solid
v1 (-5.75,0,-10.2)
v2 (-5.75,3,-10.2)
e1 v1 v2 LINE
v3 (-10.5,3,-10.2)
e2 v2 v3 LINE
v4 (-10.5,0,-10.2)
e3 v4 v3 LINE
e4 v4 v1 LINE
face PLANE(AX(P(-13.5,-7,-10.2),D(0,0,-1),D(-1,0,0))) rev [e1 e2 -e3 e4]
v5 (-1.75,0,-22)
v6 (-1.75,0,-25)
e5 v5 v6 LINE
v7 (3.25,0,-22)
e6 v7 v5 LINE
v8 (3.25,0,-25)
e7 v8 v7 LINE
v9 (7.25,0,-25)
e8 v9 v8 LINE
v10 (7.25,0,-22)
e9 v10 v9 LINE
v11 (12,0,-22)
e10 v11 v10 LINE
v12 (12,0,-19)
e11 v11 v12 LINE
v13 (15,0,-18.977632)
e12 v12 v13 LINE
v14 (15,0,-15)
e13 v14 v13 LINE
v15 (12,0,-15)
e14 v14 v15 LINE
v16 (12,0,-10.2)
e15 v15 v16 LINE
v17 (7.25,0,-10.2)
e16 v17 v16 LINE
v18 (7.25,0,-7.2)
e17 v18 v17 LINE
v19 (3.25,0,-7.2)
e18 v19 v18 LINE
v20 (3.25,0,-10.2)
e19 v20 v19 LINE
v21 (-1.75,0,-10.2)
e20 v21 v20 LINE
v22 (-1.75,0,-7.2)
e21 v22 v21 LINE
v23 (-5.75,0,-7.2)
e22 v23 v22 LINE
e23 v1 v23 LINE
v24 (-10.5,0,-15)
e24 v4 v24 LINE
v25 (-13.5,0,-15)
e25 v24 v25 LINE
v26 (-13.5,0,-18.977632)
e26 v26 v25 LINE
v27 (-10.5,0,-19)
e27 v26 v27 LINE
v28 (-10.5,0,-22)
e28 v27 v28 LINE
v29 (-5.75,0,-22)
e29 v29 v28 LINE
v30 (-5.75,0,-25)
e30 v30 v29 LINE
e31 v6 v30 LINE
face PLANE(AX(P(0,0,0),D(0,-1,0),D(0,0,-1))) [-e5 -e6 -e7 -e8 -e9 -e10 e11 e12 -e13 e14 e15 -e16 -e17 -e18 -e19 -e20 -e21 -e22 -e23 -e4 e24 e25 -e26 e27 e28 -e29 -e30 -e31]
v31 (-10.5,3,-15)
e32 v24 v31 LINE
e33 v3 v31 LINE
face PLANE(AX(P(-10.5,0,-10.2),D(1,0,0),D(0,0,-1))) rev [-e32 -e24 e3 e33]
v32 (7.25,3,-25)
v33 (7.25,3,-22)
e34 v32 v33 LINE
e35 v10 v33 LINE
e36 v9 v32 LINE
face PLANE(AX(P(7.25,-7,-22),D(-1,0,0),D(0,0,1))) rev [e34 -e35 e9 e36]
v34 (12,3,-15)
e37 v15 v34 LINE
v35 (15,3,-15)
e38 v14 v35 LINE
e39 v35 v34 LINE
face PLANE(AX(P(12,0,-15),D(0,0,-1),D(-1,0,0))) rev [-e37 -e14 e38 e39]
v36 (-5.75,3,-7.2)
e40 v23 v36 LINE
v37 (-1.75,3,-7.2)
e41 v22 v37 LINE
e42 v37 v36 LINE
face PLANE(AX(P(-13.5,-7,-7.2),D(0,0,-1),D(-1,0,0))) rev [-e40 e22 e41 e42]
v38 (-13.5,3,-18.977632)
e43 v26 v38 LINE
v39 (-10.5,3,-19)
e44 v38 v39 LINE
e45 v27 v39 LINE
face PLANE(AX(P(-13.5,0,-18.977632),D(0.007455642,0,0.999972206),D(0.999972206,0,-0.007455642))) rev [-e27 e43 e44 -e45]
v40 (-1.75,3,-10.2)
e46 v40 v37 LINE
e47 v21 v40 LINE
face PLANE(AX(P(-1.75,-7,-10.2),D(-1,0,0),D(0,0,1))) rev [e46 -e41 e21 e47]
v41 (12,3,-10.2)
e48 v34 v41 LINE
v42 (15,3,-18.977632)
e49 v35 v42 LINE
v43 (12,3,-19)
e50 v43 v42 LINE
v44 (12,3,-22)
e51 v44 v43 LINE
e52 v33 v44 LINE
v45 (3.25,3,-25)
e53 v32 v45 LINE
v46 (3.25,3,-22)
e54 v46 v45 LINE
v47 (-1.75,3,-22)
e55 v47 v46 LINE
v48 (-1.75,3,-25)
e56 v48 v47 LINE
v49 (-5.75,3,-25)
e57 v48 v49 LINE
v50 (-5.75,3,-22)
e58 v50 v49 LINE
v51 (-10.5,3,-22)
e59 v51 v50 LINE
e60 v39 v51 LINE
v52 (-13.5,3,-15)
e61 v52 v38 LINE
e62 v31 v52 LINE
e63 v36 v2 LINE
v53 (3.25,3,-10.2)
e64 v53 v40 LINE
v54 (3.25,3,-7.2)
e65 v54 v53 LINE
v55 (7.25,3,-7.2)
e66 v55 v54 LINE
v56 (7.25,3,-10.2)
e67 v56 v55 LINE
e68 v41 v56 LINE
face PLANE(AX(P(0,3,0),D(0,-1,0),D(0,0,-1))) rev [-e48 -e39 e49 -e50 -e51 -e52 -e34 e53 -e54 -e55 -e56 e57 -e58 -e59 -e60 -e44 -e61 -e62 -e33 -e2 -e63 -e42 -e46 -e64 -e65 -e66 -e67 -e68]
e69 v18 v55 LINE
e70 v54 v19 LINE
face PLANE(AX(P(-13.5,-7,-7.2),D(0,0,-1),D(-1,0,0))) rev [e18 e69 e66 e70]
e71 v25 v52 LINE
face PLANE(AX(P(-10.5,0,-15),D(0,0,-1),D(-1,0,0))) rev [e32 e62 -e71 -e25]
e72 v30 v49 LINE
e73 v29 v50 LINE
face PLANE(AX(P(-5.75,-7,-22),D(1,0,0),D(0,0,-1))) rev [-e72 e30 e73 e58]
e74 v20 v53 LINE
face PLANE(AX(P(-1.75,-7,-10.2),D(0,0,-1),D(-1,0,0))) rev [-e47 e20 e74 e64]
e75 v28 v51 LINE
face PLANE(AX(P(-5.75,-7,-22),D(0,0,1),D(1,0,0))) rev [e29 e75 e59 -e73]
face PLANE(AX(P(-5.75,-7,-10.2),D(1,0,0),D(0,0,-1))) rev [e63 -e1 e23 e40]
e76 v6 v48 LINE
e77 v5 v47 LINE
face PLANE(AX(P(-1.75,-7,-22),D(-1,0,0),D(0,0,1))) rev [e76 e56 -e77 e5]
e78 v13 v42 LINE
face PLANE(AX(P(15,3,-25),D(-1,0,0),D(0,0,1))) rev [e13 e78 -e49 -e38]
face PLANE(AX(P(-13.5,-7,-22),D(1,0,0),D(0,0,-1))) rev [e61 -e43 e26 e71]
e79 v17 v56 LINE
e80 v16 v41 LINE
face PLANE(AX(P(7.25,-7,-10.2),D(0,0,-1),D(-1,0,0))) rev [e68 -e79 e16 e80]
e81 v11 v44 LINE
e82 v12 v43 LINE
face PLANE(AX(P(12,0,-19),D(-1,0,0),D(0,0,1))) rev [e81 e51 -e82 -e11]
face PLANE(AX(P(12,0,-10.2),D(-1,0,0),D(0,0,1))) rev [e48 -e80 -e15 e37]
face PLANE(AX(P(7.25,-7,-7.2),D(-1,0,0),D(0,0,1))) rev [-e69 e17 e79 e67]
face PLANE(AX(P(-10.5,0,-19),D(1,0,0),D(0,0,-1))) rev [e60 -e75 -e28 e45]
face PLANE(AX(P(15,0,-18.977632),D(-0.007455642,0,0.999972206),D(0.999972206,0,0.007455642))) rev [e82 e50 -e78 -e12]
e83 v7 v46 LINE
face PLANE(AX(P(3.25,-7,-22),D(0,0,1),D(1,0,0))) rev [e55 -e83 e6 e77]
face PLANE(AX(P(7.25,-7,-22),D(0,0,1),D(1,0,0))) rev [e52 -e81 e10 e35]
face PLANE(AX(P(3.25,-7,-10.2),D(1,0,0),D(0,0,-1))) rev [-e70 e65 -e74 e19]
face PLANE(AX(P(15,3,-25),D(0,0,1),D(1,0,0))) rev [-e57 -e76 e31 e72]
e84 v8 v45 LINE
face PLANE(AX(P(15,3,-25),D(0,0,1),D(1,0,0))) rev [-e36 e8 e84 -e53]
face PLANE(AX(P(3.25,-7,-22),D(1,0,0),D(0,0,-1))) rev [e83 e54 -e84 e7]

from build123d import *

# Parameters (mm, degrees)
SKETCH1_W           = 30
SKETCH1_H           = 50
BOSS_EXTRUDE1_DEPTH = 3
SKETCH2_W           = 7.75
SKETCH2_H           = 3
SKETCH2_W_2         = 5
CUT_EXTRUDE1_DEPTH  = 10
CUT_EXTRUDE2_DEPTH  = 10
SKETCH4_W           = 7.75
SKETCH4_H           = 3
SKETCH4_W_2         = 5
CUT_EXTRUDE3_DEPTH  = 10
CUT_EXTRUDE4_DEPTH  = 3


with BuildPart() as part:
    # Sketch1 → Boss-Extrude1 (new body)
    with BuildSketch(Plane(origin=(0, 0, 0), x_dir=(1, 0, 0), z_dir=(0, 1, 0))):
        Rectangle(SKETCH1_W, SKETCH1_H)
    extrude(amount=BOSS_EXTRUDE1_DEPTH)

    # Sketch2 → Cut-Extrude1 (cut)
    with BuildSketch(Plane(origin=(0, 3, 0), x_dir=(1, 0, 0), z_dir=(0, 1, 0))):
        with Locations((11.125, 23.5)):
            Rectangle(SKETCH2_W, SKETCH2_H)
        with Locations((0.75, 23.5)):
            Rectangle(SKETCH2_W_2, SKETCH2_H)
        with Locations((-9.625, 23.5)):
            Rectangle(SKETCH2_W, SKETCH2_H)
    extrude(amount=-CUT_EXTRUDE1_DEPTH, mode=Mode.SUBTRACT)

    # Sketch3 → Cut-Extrude2 (cut)
    with BuildSketch(Plane(origin=(0, 3, 0), x_dir=(1, 0, 0), z_dir=(0, 1, 0))):
        Polygon((-13.5, 22), (-13.5, 7.2), (33.838871071, 7.2), (23.912216497, -42.141377109), (-28.226414581, -62.151393572), (-28.226414581, 29.547983922), (-12.54526701, 26.393200971), align=None)
    extrude(amount=-CUT_EXTRUDE2_DEPTH, mode=Mode.SUBTRACT)

    # Sketch4 → Cut-Extrude3 (cut)
    with BuildSketch(Plane(origin=(0, 3, 0), x_dir=(1, 0, 0), z_dir=(0, 1, 0))):
        with Locations((11.125, 8.7)):
            Rectangle(SKETCH4_W, SKETCH4_H)
        with Locations((-9.625, 8.7)):
            Rectangle(SKETCH4_W, SKETCH4_H)
        with Locations((0.75, 8.7)):
            Rectangle(SKETCH4_W_2, SKETCH4_H)
    extrude(amount=-CUT_EXTRUDE3_DEPTH, mode=Mode.SUBTRACT)

    # Sketch5 → Cut-Extrude4 (cut)
    with BuildSketch(Plane(origin=(0, 3, 0), x_dir=(1, 0, 0), z_dir=(0, 1, 0))):
        Polygon((-10.5, 10.2), (-10.5, 15), (-13.5, 15), (-13.5, 18.977632451), (-10.5, 19), (-10.5, 22), (-14.44173644, 22), (-14.44173644, 10.2), align=None)
        Polygon((15.94173644, 22), (15.94173644, 10.2), (12, 10.2), (12, 15), (15, 15), (15, 18.977632451), (12, 19), (12, 22), align=None)
    extrude(amount=-CUT_EXTRUDE4_DEPTH, mode=Mode.SUBTRACT)


solid = part.part
